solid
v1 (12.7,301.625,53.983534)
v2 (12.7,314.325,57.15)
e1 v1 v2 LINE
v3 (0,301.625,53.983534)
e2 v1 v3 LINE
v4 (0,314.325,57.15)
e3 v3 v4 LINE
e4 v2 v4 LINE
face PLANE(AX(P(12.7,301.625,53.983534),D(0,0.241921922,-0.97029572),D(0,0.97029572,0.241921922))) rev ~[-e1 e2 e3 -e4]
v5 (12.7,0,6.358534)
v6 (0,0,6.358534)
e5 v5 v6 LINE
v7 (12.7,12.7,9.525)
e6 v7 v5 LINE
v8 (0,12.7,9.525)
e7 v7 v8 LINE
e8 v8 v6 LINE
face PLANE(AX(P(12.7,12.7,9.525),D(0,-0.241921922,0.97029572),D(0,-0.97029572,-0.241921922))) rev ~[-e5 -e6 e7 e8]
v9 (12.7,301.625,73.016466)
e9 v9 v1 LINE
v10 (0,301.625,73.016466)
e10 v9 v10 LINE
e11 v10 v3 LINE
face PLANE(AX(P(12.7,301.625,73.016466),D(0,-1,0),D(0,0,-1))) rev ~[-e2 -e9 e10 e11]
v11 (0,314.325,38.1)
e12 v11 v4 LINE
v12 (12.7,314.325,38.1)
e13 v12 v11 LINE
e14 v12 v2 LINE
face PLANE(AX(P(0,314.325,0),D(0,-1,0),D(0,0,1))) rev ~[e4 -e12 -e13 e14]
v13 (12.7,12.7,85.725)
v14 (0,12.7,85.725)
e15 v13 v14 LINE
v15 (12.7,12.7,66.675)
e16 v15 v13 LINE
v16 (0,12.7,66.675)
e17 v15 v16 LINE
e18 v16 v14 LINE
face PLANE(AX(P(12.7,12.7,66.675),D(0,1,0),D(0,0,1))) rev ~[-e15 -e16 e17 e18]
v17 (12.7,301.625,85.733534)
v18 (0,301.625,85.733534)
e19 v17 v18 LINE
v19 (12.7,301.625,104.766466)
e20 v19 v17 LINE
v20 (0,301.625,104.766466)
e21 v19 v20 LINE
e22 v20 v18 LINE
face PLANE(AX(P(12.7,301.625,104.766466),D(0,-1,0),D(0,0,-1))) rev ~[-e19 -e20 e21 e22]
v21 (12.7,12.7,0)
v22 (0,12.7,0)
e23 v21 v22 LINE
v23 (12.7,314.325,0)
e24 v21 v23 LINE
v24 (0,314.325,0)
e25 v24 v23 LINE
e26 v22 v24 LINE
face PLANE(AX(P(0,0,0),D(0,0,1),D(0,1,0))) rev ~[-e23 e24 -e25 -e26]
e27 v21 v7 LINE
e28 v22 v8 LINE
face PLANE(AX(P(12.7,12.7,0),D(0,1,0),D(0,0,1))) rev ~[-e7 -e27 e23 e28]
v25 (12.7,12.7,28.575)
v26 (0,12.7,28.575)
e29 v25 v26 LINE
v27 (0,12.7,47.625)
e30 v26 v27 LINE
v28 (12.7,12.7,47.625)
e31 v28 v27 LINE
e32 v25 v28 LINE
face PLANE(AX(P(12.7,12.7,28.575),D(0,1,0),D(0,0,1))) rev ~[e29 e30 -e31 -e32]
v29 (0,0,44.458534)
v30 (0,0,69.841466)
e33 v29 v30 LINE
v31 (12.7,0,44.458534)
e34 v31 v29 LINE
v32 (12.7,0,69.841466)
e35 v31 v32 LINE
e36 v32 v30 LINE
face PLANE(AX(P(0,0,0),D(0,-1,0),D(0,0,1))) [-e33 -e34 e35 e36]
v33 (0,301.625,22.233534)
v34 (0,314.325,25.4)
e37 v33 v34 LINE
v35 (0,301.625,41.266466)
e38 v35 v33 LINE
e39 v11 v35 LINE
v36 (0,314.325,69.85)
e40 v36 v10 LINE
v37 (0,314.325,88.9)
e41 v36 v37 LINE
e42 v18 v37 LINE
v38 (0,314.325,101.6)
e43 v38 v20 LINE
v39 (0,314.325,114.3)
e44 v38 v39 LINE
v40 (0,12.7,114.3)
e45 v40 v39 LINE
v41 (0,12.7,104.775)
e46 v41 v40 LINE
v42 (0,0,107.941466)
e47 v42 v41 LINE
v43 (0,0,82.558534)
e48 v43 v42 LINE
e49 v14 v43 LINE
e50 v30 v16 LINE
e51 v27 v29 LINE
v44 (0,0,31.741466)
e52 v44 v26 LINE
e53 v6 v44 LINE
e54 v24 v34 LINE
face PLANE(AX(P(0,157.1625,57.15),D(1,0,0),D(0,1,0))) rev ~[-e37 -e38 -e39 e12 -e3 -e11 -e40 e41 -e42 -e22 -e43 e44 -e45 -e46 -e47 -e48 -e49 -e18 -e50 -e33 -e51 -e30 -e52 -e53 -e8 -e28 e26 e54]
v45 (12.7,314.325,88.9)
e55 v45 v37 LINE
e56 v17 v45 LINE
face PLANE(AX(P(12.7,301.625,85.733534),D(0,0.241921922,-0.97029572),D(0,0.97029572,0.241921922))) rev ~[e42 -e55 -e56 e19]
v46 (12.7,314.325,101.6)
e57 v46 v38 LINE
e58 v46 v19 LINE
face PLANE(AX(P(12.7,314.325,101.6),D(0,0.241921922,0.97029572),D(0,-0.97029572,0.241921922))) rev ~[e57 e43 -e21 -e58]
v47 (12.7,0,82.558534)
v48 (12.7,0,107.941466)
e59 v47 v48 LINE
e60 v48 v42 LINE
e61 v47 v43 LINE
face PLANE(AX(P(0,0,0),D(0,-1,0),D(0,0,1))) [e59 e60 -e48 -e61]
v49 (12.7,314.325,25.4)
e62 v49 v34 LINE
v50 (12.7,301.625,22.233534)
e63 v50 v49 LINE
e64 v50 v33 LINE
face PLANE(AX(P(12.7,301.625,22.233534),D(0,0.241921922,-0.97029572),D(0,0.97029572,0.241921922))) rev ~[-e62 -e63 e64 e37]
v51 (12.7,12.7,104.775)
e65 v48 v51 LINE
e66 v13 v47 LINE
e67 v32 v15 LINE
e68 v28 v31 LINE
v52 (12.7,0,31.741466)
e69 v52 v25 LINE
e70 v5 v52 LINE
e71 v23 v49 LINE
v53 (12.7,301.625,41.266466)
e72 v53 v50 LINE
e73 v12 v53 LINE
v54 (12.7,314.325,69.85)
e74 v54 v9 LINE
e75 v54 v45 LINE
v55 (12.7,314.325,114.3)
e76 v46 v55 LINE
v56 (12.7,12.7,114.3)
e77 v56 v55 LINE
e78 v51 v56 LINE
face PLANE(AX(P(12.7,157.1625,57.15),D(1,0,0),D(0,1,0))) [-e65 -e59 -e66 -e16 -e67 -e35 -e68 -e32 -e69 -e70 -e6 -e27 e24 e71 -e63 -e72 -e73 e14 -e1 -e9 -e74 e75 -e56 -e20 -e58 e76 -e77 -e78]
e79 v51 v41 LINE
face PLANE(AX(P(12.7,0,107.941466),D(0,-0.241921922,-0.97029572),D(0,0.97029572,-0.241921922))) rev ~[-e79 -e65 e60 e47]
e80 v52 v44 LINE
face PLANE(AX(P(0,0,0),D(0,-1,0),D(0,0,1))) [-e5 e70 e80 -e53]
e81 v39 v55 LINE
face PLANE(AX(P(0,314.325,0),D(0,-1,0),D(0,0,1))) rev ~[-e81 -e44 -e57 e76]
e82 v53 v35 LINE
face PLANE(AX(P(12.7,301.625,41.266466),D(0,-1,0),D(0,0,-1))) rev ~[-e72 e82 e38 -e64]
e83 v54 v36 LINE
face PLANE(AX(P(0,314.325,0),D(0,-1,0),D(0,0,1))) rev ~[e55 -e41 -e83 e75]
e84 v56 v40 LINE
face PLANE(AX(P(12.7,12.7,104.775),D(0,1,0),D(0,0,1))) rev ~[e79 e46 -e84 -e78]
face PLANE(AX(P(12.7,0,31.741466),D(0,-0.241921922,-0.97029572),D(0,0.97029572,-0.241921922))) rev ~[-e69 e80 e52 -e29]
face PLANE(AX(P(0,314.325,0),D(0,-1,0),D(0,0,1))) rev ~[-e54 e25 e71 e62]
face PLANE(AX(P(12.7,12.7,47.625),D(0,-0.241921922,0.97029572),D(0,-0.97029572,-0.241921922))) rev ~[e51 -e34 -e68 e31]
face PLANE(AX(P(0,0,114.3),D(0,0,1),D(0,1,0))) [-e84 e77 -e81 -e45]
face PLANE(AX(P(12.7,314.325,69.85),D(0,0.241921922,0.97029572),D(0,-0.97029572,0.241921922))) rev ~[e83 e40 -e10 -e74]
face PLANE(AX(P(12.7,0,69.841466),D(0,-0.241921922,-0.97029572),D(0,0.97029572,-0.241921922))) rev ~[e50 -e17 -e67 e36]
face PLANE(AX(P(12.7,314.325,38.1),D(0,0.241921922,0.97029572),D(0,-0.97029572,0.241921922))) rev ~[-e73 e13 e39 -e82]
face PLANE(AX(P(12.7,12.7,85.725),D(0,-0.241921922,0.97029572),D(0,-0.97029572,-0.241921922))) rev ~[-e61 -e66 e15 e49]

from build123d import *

# Parameters (mm, degrees)
F0_W     = 314.325
F0_H     = 114.3
F1_DEPTH = 12.7
F3_DEPTH = 12.701


with BuildPart() as f1:
    # F0 (on Right) → F1 (new body)
    with BuildSketch(Plane.YZ):
        with Locations((157.1625, 57.15)):
            Rectangle(F0_W, F0_H)
    extrude(amount=F1_DEPTH)

    # F2 (on face) → F3 (cut, through all)
    with BuildSketch(Plane.YZ.offset(12.7)):
        Polygon((12.7, 9.525), (0, 6.358534), (0, 0), (12.7, 0), align=None)
        Polygon((12.7, 47.625), (0, 44.458534), (0, 31.741466), (12.7, 28.575), align=None)
        Polygon((12.7, 85.725), (0, 82.558534), (0, 69.841466), (12.7, 66.675), align=None)
        Polygon((12.7, 104.775), (12.7, 114.3), (0, 114.3), (0, 107.941466), align=None)
        Polygon((314.325, 88.9), (314.325, 101.6), (301.625, 104.766466), (301.625, 85.733534), align=None)
        Polygon((314.325, 57.15), (314.325, 69.85), (301.625, 73.016466), (301.625, 53.983534), align=None)
        Polygon((314.325, 25.4), (314.325, 38.1), (301.625, 41.266466), (301.625, 22.233534), align=None)
    extrude(amount=-F3_DEPTH, mode=Mode.SUBTRACT)


solid = f1.part
